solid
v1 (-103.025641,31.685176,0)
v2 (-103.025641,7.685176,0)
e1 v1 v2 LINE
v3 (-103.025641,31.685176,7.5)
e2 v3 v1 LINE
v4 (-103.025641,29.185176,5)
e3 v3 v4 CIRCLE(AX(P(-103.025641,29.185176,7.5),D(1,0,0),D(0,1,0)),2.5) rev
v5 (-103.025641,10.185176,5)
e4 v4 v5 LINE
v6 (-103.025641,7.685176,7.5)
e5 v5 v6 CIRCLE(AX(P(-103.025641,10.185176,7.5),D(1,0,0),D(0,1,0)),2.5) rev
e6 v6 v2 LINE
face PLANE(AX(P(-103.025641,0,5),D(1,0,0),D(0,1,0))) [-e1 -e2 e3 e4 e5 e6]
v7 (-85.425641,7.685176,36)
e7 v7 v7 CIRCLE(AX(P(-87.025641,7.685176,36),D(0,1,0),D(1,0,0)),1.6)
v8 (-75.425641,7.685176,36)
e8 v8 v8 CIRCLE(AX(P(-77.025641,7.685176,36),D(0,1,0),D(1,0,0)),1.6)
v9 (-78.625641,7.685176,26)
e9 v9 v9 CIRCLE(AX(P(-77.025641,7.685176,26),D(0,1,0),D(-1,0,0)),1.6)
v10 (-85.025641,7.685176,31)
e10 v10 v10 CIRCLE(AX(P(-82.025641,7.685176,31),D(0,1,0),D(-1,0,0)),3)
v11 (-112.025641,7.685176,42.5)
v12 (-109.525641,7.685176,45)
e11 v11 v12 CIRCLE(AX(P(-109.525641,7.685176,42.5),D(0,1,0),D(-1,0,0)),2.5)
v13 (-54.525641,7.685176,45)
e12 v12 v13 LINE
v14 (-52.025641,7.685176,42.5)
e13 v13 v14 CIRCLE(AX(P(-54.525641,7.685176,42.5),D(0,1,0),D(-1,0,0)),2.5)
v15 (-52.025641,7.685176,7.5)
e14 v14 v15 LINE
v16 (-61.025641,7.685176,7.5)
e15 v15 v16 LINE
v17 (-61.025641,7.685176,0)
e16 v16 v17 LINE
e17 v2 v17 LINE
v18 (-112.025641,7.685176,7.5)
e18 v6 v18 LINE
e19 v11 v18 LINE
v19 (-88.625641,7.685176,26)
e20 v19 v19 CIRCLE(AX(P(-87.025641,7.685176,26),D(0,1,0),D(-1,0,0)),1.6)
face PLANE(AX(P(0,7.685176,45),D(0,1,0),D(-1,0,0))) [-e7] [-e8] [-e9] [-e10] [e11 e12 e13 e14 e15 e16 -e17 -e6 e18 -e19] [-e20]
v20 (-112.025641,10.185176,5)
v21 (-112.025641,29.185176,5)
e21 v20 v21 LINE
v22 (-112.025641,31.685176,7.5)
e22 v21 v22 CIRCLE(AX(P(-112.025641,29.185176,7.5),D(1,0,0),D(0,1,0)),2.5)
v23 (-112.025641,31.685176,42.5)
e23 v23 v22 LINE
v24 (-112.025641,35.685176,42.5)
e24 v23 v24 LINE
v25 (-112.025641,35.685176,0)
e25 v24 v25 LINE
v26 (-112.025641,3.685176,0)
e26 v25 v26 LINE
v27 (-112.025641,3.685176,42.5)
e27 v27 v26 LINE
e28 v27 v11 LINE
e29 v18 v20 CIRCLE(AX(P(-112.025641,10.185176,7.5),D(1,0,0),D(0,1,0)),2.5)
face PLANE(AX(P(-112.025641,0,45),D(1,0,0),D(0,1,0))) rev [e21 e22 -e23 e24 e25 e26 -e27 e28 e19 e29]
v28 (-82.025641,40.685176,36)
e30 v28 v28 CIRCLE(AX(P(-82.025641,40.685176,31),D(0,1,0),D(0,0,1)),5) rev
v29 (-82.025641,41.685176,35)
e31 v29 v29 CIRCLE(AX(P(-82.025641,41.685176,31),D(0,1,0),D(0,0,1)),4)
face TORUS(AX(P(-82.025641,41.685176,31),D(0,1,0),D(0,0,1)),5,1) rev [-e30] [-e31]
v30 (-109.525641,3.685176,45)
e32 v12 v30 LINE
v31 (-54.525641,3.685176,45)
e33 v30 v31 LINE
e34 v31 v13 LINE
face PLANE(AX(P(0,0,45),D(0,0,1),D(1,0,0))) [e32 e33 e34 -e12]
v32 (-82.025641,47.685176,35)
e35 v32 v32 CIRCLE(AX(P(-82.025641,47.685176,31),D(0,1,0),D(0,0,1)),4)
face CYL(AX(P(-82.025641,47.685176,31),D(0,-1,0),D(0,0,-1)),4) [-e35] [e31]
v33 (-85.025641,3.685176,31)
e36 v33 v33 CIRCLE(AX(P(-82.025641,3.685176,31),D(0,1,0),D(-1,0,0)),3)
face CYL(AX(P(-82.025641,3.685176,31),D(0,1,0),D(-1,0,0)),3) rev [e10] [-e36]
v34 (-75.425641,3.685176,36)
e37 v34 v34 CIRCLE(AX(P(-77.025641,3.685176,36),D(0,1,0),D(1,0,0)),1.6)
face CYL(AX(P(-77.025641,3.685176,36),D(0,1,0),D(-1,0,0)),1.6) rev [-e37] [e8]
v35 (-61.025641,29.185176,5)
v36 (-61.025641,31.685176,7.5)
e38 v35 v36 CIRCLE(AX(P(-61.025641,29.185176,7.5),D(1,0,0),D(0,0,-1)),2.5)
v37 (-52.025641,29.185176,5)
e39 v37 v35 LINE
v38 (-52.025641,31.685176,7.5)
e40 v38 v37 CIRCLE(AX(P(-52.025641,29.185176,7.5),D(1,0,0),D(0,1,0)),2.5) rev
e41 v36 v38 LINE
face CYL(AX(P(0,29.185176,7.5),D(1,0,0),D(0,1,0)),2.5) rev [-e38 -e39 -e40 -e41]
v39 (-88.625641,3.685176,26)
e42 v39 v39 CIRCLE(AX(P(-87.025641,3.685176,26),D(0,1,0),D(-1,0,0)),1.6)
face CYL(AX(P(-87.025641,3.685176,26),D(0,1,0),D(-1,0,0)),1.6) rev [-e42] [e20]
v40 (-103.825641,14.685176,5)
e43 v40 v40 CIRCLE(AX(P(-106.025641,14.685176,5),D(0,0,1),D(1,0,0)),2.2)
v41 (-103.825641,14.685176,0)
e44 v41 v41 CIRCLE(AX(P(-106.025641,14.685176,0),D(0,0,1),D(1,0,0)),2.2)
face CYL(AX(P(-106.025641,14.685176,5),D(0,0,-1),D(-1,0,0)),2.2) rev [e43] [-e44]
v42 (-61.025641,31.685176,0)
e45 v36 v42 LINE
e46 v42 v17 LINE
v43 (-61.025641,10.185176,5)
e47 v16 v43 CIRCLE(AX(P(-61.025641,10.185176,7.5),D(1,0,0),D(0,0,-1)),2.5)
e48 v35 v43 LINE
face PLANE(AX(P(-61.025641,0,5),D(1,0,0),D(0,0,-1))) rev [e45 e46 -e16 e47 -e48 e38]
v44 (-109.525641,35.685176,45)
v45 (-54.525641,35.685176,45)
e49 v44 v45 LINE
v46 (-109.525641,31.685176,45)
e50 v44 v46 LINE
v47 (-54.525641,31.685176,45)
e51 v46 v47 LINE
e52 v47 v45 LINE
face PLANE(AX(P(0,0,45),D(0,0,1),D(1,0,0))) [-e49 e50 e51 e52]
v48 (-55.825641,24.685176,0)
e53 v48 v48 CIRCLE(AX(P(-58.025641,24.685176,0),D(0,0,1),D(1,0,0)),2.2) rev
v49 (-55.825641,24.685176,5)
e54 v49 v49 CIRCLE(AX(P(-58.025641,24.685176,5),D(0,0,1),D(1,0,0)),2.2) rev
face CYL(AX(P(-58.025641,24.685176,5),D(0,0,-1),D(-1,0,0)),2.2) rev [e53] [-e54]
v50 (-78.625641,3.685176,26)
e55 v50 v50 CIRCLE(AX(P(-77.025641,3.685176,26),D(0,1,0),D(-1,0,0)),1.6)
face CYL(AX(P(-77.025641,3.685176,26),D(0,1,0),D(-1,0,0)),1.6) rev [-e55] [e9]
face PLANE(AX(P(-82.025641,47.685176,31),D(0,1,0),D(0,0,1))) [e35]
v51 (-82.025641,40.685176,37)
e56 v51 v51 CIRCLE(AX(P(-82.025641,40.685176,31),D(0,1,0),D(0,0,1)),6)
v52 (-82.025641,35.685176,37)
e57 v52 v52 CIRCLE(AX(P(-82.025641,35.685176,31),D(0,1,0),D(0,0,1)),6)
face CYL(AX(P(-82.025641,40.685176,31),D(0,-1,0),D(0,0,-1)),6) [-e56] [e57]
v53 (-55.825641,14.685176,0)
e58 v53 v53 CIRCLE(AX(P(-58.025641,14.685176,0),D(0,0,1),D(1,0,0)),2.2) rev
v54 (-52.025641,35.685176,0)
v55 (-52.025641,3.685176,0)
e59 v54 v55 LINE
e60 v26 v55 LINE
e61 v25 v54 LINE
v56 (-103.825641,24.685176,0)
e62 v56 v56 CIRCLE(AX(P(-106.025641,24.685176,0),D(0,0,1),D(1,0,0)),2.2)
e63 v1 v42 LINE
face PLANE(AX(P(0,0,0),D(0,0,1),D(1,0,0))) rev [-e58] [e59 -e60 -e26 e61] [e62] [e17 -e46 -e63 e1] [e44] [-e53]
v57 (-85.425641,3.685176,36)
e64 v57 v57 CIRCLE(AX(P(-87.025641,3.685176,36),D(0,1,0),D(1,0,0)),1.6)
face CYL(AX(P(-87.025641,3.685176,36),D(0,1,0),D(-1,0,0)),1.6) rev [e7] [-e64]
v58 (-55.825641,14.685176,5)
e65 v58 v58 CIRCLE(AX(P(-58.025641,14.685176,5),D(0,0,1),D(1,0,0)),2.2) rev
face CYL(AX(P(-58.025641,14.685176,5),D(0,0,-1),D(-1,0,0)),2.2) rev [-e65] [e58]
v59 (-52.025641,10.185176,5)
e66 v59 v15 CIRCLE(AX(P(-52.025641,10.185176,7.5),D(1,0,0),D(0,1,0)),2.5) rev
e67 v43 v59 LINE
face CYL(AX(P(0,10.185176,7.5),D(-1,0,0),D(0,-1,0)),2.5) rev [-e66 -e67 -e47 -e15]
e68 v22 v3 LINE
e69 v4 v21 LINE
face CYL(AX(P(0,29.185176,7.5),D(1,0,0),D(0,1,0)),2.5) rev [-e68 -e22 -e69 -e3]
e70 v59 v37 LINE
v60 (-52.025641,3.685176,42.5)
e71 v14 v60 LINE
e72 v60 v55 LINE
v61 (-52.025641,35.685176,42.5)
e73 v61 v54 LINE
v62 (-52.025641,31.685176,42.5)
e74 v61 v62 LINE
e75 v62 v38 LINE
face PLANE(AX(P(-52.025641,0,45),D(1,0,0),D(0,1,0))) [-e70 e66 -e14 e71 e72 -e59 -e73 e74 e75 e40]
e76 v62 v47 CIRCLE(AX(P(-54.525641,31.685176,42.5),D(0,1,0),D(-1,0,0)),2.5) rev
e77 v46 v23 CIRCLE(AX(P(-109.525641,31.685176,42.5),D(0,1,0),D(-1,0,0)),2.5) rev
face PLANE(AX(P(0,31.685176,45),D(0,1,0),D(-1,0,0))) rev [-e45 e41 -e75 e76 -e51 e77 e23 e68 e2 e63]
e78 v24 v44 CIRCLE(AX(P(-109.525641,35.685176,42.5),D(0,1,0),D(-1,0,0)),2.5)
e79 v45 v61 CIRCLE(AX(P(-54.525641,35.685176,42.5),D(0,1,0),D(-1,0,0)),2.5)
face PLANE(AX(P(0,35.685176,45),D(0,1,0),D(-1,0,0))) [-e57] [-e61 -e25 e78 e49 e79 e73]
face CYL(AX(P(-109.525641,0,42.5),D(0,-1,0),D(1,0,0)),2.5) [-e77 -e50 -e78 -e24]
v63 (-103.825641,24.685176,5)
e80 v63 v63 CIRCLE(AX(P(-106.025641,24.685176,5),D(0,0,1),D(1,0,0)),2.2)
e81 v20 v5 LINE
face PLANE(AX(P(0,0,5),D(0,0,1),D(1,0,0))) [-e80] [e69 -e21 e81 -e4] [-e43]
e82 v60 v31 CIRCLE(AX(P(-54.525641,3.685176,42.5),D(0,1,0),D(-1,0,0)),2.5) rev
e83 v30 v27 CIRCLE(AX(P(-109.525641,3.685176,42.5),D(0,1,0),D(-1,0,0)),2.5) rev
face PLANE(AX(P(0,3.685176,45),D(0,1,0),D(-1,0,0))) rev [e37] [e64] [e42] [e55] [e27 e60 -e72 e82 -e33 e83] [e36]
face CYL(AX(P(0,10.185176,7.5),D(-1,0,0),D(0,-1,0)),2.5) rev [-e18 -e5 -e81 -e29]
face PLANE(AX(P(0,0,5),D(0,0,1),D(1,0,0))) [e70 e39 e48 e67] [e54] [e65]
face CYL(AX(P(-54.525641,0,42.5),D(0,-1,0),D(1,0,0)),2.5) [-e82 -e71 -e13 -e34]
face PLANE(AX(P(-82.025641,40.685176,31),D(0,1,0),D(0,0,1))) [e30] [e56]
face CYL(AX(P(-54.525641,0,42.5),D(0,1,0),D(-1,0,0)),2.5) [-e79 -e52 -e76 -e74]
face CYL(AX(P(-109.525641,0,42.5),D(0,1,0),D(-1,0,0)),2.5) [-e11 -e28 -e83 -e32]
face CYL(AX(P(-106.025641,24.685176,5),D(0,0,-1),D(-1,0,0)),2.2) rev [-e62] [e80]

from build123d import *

# Parameters (mm, degrees)
SKETCH1_W           = 60
SKETCH1_H           = 4
BOSS_EXTRUDE1_DEPTH = 45
SKETCH1_3_W         = 9
SKETCH1_3_H         = 24
SKETCH1_3_R         = 2.2
BOSS_EXTRUDE2_DEPTH = 5
SKETCH2_R           = 3
SKETCH2_R_2         = 1.6
CUT_EXTRUDE1_DEPTH  = 124.088359511
BOSS_EXTRUDE3_DEPTH = 45
FILLET1_R           = 2.5
FILLET3_R           = 2.5
SKETCH3_R           = 4
BOSS_EXTRUDE4_DEPTH = 12
SKETCH4_R           = 6
BOSS_EXTRUDE5_DEPTH = 5
FILLET4_R           = 1


with BuildPart() as part:
    # Sketch1 → Boss-Extrude1 (new body)
    with BuildSketch(Plane.XY):
        with Locations((-82.025641026, 5.685176195)):
            Rectangle(SKETCH1_W, SKETCH1_H)
    extrude(amount=BOSS_EXTRUDE1_DEPTH)

    # Sketch1<3> → Boss-Extrude2 (add)
    # profile 1 of 2: a face of its own
    with BuildSketch(Plane.XY):
        with Locations((-107.525641026, 19.685176195)):
            Rectangle(SKETCH1_3_W, SKETCH1_3_H)
        with Locations((-106.025641026, 14.685176195)):
            Circle(SKETCH1_3_R, mode=Mode.SUBTRACT)
        with Locations((-106.025641026, 24.685176195)):
            Circle(SKETCH1_3_R, mode=Mode.SUBTRACT)
    # profile 2 of 2: a face of its own
    with BuildSketch(Plane.XY):
        with Locations((-56.525641026, 19.685176195)):
            Rectangle(SKETCH1_3_W, SKETCH1_3_H)
        with Locations((-58.025641026, 14.685176195)):
            Circle(SKETCH1_3_R, mode=Mode.SUBTRACT)
        with Locations((-58.025641026, 24.685176195)):
            Circle(SKETCH1_3_R, mode=Mode.SUBTRACT)
    extrude(amount=BOSS_EXTRUDE2_DEPTH)

    # Sketch2 → Cut-Extrude1 (cut, through all)
    with BuildSketch(Plane(origin=(0, 7.685176195, 0), x_dir=(1, 0, 0), z_dir=(0, 1, 0))):
        with Locations((-82.025641026, -31)):
            Circle(SKETCH2_R)
        with Locations((-77.025641026, -26)):
            Circle(SKETCH2_R_2)
        with Locations((-87.025641026, -26)):
            Circle(SKETCH2_R_2)
        with Locations((-77.025641026, -36)):
            Circle(SKETCH2_R_2)
        with Locations((-87.025641026, -36)):
            Circle(SKETCH2_R_2)
    extrude(amount=-CUT_EXTRUDE1_DEPTH, mode=Mode.SUBTRACT)

    # Sketch1<4> → Boss-Extrude3 (add)
    with BuildSketch(Plane.XY):
        Polygon((-112.025641026, 35.685176195), (-112.025641026, 31.685176195), (-103.025641026, 31.685176195), (-61.025641026, 31.685176195), (-52.025641026, 31.685176195), (-52.025641026, 35.685176195), align=None)
    extrude(amount=BOSS_EXTRUDE3_DEPTH)

    # Fillet1
    fillet1_edges = [part.edges().sort_by_distance(p)[0] for p in [
        (-52.025641026, 5.685176195, 45),
        (-112.025641026, 5.685176195, 45),
        (-52.025641026, 33.685176195, 45),
        (-112.025641026, 33.685176195, 45),
    ]]
    fillet(fillet1_edges, radius=FILLET1_R)

    # Fillet3
    fillet3_edges = [part.edges().sort_by_distance(p)[0] for p in [
        (-107.525641026, 7.685176195, 5),
        (-56.525641026, 7.685176195, 5),
        (-56.525641026, 31.685176195, 5),
        (-107.525641026, 31.685176195, 5),
    ]]
    fillet(fillet3_edges, radius=FILLET3_R)

    # Sketch3 → Boss-Extrude4 (add)
    with BuildSketch(Plane(origin=(0, 35.685176195, 0), x_dir=(1, 0, 0), z_dir=(0, 1, 0))):
        with Locations((-82.025641026, -31)):
            Circle(SKETCH3_R)
    extrude(amount=BOSS_EXTRUDE4_DEPTH)

    # Sketch4 → Boss-Extrude5 (add)
    with BuildSketch(Plane(origin=(0, 35.685176195, 0), x_dir=(1, 0, 0), z_dir=(0, 1, 0))):
        with Locations((-82.025641026, -31)):
            Circle(SKETCH4_R)
    extrude(amount=BOSS_EXTRUDE5_DEPTH)

    # Fillet4
    fillet4_edges = [part.edges().sort_by_distance(p)[0] for p in [
        (-86.025641026, 40.685176195, 31),
    ]]
    fillet(fillet4_edges, radius=FILLET4_R)


solid = part.part
